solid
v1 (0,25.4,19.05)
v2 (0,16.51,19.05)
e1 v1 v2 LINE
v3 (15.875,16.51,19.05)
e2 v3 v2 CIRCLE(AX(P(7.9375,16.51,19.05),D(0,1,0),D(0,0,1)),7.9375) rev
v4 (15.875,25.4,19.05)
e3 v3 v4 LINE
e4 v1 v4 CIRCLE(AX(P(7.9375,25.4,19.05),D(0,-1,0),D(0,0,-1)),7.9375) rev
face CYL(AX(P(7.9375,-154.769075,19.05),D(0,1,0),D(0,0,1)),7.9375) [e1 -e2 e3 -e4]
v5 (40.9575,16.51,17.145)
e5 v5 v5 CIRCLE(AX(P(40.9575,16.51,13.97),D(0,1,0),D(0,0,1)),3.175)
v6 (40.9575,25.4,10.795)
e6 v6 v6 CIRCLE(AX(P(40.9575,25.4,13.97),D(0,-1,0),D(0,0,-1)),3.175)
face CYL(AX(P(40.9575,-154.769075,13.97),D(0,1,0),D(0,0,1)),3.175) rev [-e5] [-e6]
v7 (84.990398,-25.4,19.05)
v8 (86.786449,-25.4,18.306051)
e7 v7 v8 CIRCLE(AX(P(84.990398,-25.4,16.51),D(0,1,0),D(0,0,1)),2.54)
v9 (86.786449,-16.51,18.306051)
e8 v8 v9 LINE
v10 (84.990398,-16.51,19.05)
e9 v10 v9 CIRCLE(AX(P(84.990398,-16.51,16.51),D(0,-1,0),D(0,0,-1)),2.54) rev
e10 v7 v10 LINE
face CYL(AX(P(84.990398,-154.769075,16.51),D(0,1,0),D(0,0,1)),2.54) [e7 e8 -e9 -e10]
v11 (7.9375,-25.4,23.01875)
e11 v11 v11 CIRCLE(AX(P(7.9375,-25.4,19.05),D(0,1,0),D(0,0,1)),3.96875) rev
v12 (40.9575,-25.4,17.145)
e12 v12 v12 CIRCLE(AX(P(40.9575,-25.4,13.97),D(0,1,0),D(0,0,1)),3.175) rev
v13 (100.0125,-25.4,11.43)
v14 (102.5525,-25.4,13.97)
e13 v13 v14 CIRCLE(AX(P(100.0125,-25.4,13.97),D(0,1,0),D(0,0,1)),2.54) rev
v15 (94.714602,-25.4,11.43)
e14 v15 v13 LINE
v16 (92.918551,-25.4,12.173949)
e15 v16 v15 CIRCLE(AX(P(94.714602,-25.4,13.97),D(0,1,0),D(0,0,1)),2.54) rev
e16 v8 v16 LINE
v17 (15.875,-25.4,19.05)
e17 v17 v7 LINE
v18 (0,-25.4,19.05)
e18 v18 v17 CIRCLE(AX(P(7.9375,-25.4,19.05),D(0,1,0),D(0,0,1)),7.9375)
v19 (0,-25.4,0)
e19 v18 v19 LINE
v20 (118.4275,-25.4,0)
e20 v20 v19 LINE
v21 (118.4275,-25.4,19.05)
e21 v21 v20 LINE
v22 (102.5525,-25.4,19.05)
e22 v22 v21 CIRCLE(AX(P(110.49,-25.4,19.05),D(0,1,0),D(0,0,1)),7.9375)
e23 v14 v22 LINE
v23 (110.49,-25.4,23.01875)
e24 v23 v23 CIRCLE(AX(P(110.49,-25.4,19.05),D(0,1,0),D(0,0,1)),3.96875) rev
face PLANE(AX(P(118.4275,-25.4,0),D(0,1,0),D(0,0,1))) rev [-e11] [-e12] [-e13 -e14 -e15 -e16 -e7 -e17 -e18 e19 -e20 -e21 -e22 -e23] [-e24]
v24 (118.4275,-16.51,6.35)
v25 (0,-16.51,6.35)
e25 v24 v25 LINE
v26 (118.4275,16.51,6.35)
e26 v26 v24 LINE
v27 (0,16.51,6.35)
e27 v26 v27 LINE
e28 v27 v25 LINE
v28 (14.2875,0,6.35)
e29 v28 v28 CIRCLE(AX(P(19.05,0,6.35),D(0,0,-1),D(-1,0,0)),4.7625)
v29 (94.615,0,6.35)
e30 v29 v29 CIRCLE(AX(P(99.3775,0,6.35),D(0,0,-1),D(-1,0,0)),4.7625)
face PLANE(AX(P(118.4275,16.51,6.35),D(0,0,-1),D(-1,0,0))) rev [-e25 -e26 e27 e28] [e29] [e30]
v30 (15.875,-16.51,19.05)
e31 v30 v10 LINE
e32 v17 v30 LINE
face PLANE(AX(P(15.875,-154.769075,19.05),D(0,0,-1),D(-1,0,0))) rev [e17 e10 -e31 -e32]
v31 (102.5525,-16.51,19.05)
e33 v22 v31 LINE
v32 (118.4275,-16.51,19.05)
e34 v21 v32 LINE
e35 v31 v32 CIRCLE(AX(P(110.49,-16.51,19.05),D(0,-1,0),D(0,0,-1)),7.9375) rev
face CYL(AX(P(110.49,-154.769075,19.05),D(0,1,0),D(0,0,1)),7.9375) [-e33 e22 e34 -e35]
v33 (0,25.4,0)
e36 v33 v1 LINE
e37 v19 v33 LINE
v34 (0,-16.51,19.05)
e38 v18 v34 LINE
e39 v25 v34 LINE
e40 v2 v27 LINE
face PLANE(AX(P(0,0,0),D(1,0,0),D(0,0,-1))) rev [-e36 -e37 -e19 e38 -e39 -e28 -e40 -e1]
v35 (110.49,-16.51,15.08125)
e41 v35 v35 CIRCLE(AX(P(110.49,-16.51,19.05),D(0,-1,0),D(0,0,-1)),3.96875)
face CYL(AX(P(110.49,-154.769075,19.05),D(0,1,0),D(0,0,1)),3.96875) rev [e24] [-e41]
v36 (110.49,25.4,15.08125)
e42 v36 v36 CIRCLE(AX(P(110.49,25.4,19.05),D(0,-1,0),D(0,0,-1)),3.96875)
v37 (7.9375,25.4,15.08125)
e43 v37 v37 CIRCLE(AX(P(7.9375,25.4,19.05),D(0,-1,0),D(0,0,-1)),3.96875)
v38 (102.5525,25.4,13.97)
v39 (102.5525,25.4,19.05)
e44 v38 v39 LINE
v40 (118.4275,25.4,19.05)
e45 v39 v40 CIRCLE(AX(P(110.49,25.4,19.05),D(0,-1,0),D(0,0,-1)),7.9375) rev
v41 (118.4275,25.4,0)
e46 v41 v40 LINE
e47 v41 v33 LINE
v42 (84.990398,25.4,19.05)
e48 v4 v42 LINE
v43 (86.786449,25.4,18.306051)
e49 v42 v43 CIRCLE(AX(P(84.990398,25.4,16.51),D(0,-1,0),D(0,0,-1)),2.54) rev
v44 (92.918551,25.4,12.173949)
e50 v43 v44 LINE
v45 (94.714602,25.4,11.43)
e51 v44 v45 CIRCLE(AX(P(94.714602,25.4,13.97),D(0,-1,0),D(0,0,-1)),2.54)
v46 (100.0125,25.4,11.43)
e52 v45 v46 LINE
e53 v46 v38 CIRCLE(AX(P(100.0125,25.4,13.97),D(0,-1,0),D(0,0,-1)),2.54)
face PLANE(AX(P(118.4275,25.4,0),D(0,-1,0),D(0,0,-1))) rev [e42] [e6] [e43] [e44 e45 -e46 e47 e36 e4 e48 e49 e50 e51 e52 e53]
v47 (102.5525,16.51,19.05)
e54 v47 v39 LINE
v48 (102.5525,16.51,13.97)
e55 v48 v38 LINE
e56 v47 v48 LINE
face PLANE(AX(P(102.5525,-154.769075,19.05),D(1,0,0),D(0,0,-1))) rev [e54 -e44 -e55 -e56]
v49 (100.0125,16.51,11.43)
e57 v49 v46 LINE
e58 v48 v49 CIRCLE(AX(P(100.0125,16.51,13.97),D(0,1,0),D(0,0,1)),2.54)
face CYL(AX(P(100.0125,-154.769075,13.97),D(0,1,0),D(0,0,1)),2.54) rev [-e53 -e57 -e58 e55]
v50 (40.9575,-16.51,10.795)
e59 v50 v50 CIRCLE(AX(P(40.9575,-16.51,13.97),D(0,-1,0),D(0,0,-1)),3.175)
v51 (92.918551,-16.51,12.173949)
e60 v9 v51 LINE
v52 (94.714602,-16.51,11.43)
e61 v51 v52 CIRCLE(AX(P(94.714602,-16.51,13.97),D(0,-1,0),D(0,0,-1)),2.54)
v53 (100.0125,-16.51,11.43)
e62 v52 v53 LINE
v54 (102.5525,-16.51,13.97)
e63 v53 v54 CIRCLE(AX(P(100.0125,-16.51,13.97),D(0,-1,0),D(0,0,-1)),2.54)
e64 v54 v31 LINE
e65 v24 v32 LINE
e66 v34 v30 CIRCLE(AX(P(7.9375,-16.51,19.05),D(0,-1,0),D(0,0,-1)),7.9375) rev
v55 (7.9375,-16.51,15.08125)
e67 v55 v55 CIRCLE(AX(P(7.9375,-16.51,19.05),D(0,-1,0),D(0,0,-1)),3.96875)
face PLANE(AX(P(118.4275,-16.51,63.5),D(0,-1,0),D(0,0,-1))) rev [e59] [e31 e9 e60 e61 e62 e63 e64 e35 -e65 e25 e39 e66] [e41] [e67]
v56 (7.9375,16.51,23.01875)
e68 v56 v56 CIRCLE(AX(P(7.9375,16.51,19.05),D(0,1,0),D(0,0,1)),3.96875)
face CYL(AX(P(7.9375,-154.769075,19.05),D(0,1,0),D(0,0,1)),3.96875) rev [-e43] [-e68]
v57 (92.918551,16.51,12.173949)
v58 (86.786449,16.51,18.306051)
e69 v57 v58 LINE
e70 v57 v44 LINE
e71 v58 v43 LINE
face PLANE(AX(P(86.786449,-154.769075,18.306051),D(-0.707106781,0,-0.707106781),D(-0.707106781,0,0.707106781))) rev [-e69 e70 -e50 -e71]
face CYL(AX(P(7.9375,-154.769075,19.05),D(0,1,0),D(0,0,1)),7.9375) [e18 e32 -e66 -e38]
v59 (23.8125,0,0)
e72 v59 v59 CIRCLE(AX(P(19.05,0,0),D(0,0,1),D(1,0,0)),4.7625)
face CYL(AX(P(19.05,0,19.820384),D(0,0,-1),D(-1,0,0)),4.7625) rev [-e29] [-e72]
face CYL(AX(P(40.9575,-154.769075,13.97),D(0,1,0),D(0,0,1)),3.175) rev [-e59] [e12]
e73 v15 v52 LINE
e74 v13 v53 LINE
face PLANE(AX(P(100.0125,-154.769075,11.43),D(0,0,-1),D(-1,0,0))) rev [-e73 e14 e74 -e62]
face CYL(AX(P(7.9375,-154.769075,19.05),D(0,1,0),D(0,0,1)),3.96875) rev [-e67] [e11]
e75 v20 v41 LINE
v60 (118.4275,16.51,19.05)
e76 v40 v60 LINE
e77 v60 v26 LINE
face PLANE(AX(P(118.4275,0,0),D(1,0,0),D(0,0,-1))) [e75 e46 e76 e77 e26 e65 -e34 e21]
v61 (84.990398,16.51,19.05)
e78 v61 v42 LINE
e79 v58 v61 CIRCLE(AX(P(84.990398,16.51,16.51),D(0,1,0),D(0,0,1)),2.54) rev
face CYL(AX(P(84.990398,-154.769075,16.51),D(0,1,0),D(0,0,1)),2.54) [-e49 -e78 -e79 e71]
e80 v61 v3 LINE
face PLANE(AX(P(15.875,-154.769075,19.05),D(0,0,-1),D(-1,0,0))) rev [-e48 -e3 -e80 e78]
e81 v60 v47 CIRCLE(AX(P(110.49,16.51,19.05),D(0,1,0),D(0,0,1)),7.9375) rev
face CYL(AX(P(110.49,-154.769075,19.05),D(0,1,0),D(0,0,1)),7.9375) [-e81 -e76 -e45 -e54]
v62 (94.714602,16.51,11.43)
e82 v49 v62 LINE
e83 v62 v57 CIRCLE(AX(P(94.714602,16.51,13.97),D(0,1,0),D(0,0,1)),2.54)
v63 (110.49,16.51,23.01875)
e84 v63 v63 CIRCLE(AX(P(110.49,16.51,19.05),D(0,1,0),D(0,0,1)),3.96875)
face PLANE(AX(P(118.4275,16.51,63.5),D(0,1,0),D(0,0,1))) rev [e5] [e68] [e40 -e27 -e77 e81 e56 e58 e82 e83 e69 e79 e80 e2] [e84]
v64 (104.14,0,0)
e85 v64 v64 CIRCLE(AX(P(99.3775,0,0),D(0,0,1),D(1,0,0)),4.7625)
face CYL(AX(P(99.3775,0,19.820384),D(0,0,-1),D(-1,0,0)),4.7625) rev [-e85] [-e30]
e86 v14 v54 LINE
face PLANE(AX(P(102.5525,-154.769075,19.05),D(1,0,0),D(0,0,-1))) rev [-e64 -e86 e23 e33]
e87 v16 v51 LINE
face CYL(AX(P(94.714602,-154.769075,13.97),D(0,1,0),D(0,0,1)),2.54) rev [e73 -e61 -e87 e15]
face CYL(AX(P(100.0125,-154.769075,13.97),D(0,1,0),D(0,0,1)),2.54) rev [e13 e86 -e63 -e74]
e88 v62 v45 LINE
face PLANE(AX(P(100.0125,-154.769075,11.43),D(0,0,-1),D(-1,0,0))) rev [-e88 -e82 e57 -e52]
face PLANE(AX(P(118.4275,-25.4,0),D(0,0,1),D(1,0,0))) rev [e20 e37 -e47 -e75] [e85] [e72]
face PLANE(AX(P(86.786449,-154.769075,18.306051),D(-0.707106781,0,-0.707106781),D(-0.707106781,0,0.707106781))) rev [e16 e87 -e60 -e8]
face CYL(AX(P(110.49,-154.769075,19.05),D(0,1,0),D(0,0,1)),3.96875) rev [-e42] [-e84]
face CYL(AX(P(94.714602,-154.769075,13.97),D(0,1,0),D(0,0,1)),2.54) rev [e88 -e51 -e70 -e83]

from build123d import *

# Parameters (mm, degrees)
BOSS_EXTRUDE1_DEPTH            = 118.4275
CUT_EXTRUDE1_REACH             = 138.757
SKETCH3_R                      = 3.96875
SKETCH3_R_2                    = 3.175
CUT_EXTRUDE1_DIRECTION_2_REACH = 138.757
SKETCH4_R                      = 4.7625
CUT_EXTRUDE2_DEPTH             = 6.35


with BuildPart() as part:
    # Sketch2 → Boss-Extrude1 (new body)
    with BuildSketch(Plane(origin=(0, 0, 0), x_dir=(0, 0, -1), z_dir=(1, 0, 0))):
        Polygon((0, -25.4), (0, 25.4), (-63.5, 25.4), (-63.5, 16.51), (-6.35, 16.51), (-6.35, -16.51), (-63.5, -16.51), (-63.5, -25.4), align=None)
    extrude(amount=BOSS_EXTRUDE1_DEPTH)

    # Cut-Extrude1: up to this face of the body (flat: up to its plane)
    cut_extrude1_end = Plane(part.part.faces().sort_by_distance((59.21375, -25.4, 31.75))[0])
    # Sketch3 → Cut-Extrude1 (cut, up to the picked face)
    with BuildSketch(Plane(origin=(0, 0, 0), x_dir=(1, 0, 0), z_dir=(0, 1, 0)), mode=Mode.PRIVATE) as cut_extrude1_sk1:
        with Locations(Location((7.9375, -19.05, 0), (0, 0, 270))):
            Circle(SKETCH3_R)
    cut_extrude1_tool1 = split(extrude(cut_extrude1_sk1.sketch, amount=-CUT_EXTRUDE1_REACH, mode=Mode.PRIVATE), bisect_by=cut_extrude1_end, keep=Keep.BOTH, mode=Mode.PRIVATE)
    # Sketch3 → Cut-Extrude1 (cut, up to the picked face)
    with BuildSketch(Plane(origin=(0, 0, 0), x_dir=(1, 0, 0), z_dir=(0, 1, 0)), mode=Mode.PRIVATE) as cut_extrude1_sk2:
        with Locations(Location((110.49, -19.05, 0), (0, 0, 270))):
            Circle(SKETCH3_R)
    cut_extrude1_tool2 = split(extrude(cut_extrude1_sk2.sketch, amount=-CUT_EXTRUDE1_REACH, mode=Mode.PRIVATE), bisect_by=cut_extrude1_end, keep=Keep.BOTH, mode=Mode.PRIVATE)
    # Sketch3 → Cut-Extrude1 (cut, up to the picked face)
    with BuildSketch(Plane(origin=(0, 0, 0), x_dir=(1, 0, 0), z_dir=(0, 1, 0)), mode=Mode.PRIVATE) as cut_extrude1_sk3:
        with Locations(Location((40.9575, -13.97, 0), (0, 0, 270))):
            Circle(SKETCH3_R_2)
    cut_extrude1_tool3 = split(extrude(cut_extrude1_sk3.sketch, amount=-CUT_EXTRUDE1_REACH, mode=Mode.PRIVATE), bisect_by=cut_extrude1_end, keep=Keep.BOTH, mode=Mode.PRIVATE)
    # Sketch3 → Cut-Extrude1 (cut, up to the picked face)
    with BuildSketch(Plane(origin=(0, 0, 0), x_dir=(1, 0, 0), z_dir=(0, 1, 0)), mode=Mode.PRIVATE) as cut_extrude1_sk4:
        with BuildLine():
            Line((0, -63.5), (0, -19.05))
            ThreePointArc((0, -19.05), (7.9375, -26.9875), (15.875, -19.05))
            Line((15.875, -19.05), (84.990397552, -19.05))
            ThreePointArc((84.990397552, -19.05), (85.96241347, -18.856654013), (86.786448776, -18.306051224))
            Line((86.786448776, -18.306051224), (92.918551224, -12.173948776))
            ThreePointArc((92.918551224, -12.173948776), (93.74258653, -11.623345987), (94.714602448, -11.43))
            Line((94.714602448, -11.43), (100.0125, -11.43))
            ThreePointArc((100.0125, -11.43), (101.808551224, -12.173948776), (102.5525, -13.97))
            Line((102.5525, -13.97), (102.5525, -19.05))
            ThreePointArc((102.5525, -19.05), (110.49, -26.9875), (118.4275, -19.05))
            Line((118.4275, -19.05), (118.4275, -63.5))
            Line((118.4275, -63.5), (0, -63.5))
        make_face()
    cut_extrude1_tool4 = split(extrude(cut_extrude1_sk4.sketch, amount=-CUT_EXTRUDE1_REACH, mode=Mode.PRIVATE), bisect_by=cut_extrude1_end, keep=Keep.BOTH, mode=Mode.PRIVATE)
    add(cut_extrude1_tool1.solids().sort_by(Axis((7.9375, 0, 19.05), (0, -1, 0)))[0], mode=Mode.SUBTRACT)
    add(cut_extrude1_tool2.solids().sort_by(Axis((110.49, 0, 19.05), (0, -1, 0)))[0], mode=Mode.SUBTRACT)
    add(cut_extrude1_tool3.solids().sort_by(Axis((40.9575, 0, 13.97), (0, -1, 0)))[0], mode=Mode.SUBTRACT)
    add(cut_extrude1_tool4.solids().sort_by(Axis((59.891999, 0, 41.525151), (0, -1, 0)))[0], mode=Mode.SUBTRACT)

    # Cut-Extrude1 direction 2: up to this face of the body (flat: up to its plane)
    cut_extrude1_direction_2_end = Plane(part.part.faces().sort_by_distance((59.21375, 25.4, 31.75))[0])
    # Sketch3 → Cut-Extrude1 direction 2 (cut, up to the picked face)
    with BuildSketch(Plane(origin=(0, 0, 0), x_dir=(1, 0, 0), z_dir=(0, 1, 0)), mode=Mode.PRIVATE) as cut_extrude1_direction_2_sk1:
        with Locations(Location((7.9375, -19.05, 0), (0, 0, 270))):
            Circle(SKETCH3_R)
    cut_extrude1_direction_2_tool1 = split(extrude(cut_extrude1_direction_2_sk1.sketch, amount=CUT_EXTRUDE1_DIRECTION_2_REACH, mode=Mode.PRIVATE), bisect_by=cut_extrude1_direction_2_end, keep=Keep.BOTH, mode=Mode.PRIVATE)
    # Sketch3 → Cut-Extrude1 direction 2 (cut, up to the picked face)
    with BuildSketch(Plane(origin=(0, 0, 0), x_dir=(1, 0, 0), z_dir=(0, 1, 0)), mode=Mode.PRIVATE) as cut_extrude1_direction_2_sk2:
        with Locations(Location((110.49, -19.05, 0), (0, 0, 270))):
            Circle(SKETCH3_R)
    cut_extrude1_direction_2_tool2 = split(extrude(cut_extrude1_direction_2_sk2.sketch, amount=CUT_EXTRUDE1_DIRECTION_2_REACH, mode=Mode.PRIVATE), bisect_by=cut_extrude1_direction_2_end, keep=Keep.BOTH, mode=Mode.PRIVATE)
    # Sketch3 → Cut-Extrude1 direction 2 (cut, up to the picked face)
    with BuildSketch(Plane(origin=(0, 0, 0), x_dir=(1, 0, 0), z_dir=(0, 1, 0)), mode=Mode.PRIVATE) as cut_extrude1_direction_2_sk3:
        with Locations(Location((40.9575, -13.97, 0), (0, 0, 270))):
            Circle(SKETCH3_R_2)
    cut_extrude1_direction_2_tool3 = split(extrude(cut_extrude1_direction_2_sk3.sketch, amount=CUT_EXTRUDE1_DIRECTION_2_REACH, mode=Mode.PRIVATE), bisect_by=cut_extrude1_direction_2_end, keep=Keep.BOTH, mode=Mode.PRIVATE)
    # Sketch3 → Cut-Extrude1 direction 2 (cut, up to the picked face)
    with BuildSketch(Plane(origin=(0, 0, 0), x_dir=(1, 0, 0), z_dir=(0, 1, 0)), mode=Mode.PRIVATE) as cut_extrude1_direction_2_sk4:
        with BuildLine():
            Line((0, -63.5), (0, -19.05))
            ThreePointArc((0, -19.05), (7.9375, -26.9875), (15.875, -19.05))
            Line((15.875, -19.05), (84.990397552, -19.05))
            ThreePointArc((84.990397552, -19.05), (85.96241347, -18.856654013), (86.786448776, -18.306051224))
            Line((86.786448776, -18.306051224), (92.918551224, -12.173948776))
            ThreePointArc((92.918551224, -12.173948776), (93.74258653, -11.623345987), (94.714602448, -11.43))
            Line((94.714602448, -11.43), (100.0125, -11.43))
            ThreePointArc((100.0125, -11.43), (101.808551224, -12.173948776), (102.5525, -13.97))
            Line((102.5525, -13.97), (102.5525, -19.05))
            ThreePointArc((102.5525, -19.05), (110.49, -26.9875), (118.4275, -19.05))
            Line((118.4275, -19.05), (118.4275, -63.5))
            Line((118.4275, -63.5), (0, -63.5))
        make_face()
    cut_extrude1_direction_2_tool4 = split(extrude(cut_extrude1_direction_2_sk4.sketch, amount=CUT_EXTRUDE1_DIRECTION_2_REACH, mode=Mode.PRIVATE), bisect_by=cut_extrude1_direction_2_end, keep=Keep.BOTH, mode=Mode.PRIVATE)
    add(cut_extrude1_direction_2_tool1.solids().sort_by(Axis((7.9375, 0, 19.05), (0, 1, 0)))[0], mode=Mode.SUBTRACT)
    add(cut_extrude1_direction_2_tool2.solids().sort_by(Axis((110.49, 0, 19.05), (0, 1, 0)))[0], mode=Mode.SUBTRACT)
    add(cut_extrude1_direction_2_tool3.solids().sort_by(Axis((40.9575, 0, 13.97), (0, 1, 0)))[0], mode=Mode.SUBTRACT)
    add(cut_extrude1_direction_2_tool4.solids().sort_by(Axis((59.891999, 0, 41.525151), (0, 1, 0)))[0], mode=Mode.SUBTRACT)

    # Sketch4 → Cut-Extrude2 (cut)
    with BuildSketch(Plane.XY):
        with Locations(Location((19.05, 0, 0), (0, 0, 180))):
            Circle(SKETCH4_R)
        with Locations(Location((99.3775, 0, 0), (0, 0, 180))):
            Circle(SKETCH4_R)
    extrude(amount=CUT_EXTRUDE2_DEPTH, mode=Mode.SUBTRACT)


solid = part.part
